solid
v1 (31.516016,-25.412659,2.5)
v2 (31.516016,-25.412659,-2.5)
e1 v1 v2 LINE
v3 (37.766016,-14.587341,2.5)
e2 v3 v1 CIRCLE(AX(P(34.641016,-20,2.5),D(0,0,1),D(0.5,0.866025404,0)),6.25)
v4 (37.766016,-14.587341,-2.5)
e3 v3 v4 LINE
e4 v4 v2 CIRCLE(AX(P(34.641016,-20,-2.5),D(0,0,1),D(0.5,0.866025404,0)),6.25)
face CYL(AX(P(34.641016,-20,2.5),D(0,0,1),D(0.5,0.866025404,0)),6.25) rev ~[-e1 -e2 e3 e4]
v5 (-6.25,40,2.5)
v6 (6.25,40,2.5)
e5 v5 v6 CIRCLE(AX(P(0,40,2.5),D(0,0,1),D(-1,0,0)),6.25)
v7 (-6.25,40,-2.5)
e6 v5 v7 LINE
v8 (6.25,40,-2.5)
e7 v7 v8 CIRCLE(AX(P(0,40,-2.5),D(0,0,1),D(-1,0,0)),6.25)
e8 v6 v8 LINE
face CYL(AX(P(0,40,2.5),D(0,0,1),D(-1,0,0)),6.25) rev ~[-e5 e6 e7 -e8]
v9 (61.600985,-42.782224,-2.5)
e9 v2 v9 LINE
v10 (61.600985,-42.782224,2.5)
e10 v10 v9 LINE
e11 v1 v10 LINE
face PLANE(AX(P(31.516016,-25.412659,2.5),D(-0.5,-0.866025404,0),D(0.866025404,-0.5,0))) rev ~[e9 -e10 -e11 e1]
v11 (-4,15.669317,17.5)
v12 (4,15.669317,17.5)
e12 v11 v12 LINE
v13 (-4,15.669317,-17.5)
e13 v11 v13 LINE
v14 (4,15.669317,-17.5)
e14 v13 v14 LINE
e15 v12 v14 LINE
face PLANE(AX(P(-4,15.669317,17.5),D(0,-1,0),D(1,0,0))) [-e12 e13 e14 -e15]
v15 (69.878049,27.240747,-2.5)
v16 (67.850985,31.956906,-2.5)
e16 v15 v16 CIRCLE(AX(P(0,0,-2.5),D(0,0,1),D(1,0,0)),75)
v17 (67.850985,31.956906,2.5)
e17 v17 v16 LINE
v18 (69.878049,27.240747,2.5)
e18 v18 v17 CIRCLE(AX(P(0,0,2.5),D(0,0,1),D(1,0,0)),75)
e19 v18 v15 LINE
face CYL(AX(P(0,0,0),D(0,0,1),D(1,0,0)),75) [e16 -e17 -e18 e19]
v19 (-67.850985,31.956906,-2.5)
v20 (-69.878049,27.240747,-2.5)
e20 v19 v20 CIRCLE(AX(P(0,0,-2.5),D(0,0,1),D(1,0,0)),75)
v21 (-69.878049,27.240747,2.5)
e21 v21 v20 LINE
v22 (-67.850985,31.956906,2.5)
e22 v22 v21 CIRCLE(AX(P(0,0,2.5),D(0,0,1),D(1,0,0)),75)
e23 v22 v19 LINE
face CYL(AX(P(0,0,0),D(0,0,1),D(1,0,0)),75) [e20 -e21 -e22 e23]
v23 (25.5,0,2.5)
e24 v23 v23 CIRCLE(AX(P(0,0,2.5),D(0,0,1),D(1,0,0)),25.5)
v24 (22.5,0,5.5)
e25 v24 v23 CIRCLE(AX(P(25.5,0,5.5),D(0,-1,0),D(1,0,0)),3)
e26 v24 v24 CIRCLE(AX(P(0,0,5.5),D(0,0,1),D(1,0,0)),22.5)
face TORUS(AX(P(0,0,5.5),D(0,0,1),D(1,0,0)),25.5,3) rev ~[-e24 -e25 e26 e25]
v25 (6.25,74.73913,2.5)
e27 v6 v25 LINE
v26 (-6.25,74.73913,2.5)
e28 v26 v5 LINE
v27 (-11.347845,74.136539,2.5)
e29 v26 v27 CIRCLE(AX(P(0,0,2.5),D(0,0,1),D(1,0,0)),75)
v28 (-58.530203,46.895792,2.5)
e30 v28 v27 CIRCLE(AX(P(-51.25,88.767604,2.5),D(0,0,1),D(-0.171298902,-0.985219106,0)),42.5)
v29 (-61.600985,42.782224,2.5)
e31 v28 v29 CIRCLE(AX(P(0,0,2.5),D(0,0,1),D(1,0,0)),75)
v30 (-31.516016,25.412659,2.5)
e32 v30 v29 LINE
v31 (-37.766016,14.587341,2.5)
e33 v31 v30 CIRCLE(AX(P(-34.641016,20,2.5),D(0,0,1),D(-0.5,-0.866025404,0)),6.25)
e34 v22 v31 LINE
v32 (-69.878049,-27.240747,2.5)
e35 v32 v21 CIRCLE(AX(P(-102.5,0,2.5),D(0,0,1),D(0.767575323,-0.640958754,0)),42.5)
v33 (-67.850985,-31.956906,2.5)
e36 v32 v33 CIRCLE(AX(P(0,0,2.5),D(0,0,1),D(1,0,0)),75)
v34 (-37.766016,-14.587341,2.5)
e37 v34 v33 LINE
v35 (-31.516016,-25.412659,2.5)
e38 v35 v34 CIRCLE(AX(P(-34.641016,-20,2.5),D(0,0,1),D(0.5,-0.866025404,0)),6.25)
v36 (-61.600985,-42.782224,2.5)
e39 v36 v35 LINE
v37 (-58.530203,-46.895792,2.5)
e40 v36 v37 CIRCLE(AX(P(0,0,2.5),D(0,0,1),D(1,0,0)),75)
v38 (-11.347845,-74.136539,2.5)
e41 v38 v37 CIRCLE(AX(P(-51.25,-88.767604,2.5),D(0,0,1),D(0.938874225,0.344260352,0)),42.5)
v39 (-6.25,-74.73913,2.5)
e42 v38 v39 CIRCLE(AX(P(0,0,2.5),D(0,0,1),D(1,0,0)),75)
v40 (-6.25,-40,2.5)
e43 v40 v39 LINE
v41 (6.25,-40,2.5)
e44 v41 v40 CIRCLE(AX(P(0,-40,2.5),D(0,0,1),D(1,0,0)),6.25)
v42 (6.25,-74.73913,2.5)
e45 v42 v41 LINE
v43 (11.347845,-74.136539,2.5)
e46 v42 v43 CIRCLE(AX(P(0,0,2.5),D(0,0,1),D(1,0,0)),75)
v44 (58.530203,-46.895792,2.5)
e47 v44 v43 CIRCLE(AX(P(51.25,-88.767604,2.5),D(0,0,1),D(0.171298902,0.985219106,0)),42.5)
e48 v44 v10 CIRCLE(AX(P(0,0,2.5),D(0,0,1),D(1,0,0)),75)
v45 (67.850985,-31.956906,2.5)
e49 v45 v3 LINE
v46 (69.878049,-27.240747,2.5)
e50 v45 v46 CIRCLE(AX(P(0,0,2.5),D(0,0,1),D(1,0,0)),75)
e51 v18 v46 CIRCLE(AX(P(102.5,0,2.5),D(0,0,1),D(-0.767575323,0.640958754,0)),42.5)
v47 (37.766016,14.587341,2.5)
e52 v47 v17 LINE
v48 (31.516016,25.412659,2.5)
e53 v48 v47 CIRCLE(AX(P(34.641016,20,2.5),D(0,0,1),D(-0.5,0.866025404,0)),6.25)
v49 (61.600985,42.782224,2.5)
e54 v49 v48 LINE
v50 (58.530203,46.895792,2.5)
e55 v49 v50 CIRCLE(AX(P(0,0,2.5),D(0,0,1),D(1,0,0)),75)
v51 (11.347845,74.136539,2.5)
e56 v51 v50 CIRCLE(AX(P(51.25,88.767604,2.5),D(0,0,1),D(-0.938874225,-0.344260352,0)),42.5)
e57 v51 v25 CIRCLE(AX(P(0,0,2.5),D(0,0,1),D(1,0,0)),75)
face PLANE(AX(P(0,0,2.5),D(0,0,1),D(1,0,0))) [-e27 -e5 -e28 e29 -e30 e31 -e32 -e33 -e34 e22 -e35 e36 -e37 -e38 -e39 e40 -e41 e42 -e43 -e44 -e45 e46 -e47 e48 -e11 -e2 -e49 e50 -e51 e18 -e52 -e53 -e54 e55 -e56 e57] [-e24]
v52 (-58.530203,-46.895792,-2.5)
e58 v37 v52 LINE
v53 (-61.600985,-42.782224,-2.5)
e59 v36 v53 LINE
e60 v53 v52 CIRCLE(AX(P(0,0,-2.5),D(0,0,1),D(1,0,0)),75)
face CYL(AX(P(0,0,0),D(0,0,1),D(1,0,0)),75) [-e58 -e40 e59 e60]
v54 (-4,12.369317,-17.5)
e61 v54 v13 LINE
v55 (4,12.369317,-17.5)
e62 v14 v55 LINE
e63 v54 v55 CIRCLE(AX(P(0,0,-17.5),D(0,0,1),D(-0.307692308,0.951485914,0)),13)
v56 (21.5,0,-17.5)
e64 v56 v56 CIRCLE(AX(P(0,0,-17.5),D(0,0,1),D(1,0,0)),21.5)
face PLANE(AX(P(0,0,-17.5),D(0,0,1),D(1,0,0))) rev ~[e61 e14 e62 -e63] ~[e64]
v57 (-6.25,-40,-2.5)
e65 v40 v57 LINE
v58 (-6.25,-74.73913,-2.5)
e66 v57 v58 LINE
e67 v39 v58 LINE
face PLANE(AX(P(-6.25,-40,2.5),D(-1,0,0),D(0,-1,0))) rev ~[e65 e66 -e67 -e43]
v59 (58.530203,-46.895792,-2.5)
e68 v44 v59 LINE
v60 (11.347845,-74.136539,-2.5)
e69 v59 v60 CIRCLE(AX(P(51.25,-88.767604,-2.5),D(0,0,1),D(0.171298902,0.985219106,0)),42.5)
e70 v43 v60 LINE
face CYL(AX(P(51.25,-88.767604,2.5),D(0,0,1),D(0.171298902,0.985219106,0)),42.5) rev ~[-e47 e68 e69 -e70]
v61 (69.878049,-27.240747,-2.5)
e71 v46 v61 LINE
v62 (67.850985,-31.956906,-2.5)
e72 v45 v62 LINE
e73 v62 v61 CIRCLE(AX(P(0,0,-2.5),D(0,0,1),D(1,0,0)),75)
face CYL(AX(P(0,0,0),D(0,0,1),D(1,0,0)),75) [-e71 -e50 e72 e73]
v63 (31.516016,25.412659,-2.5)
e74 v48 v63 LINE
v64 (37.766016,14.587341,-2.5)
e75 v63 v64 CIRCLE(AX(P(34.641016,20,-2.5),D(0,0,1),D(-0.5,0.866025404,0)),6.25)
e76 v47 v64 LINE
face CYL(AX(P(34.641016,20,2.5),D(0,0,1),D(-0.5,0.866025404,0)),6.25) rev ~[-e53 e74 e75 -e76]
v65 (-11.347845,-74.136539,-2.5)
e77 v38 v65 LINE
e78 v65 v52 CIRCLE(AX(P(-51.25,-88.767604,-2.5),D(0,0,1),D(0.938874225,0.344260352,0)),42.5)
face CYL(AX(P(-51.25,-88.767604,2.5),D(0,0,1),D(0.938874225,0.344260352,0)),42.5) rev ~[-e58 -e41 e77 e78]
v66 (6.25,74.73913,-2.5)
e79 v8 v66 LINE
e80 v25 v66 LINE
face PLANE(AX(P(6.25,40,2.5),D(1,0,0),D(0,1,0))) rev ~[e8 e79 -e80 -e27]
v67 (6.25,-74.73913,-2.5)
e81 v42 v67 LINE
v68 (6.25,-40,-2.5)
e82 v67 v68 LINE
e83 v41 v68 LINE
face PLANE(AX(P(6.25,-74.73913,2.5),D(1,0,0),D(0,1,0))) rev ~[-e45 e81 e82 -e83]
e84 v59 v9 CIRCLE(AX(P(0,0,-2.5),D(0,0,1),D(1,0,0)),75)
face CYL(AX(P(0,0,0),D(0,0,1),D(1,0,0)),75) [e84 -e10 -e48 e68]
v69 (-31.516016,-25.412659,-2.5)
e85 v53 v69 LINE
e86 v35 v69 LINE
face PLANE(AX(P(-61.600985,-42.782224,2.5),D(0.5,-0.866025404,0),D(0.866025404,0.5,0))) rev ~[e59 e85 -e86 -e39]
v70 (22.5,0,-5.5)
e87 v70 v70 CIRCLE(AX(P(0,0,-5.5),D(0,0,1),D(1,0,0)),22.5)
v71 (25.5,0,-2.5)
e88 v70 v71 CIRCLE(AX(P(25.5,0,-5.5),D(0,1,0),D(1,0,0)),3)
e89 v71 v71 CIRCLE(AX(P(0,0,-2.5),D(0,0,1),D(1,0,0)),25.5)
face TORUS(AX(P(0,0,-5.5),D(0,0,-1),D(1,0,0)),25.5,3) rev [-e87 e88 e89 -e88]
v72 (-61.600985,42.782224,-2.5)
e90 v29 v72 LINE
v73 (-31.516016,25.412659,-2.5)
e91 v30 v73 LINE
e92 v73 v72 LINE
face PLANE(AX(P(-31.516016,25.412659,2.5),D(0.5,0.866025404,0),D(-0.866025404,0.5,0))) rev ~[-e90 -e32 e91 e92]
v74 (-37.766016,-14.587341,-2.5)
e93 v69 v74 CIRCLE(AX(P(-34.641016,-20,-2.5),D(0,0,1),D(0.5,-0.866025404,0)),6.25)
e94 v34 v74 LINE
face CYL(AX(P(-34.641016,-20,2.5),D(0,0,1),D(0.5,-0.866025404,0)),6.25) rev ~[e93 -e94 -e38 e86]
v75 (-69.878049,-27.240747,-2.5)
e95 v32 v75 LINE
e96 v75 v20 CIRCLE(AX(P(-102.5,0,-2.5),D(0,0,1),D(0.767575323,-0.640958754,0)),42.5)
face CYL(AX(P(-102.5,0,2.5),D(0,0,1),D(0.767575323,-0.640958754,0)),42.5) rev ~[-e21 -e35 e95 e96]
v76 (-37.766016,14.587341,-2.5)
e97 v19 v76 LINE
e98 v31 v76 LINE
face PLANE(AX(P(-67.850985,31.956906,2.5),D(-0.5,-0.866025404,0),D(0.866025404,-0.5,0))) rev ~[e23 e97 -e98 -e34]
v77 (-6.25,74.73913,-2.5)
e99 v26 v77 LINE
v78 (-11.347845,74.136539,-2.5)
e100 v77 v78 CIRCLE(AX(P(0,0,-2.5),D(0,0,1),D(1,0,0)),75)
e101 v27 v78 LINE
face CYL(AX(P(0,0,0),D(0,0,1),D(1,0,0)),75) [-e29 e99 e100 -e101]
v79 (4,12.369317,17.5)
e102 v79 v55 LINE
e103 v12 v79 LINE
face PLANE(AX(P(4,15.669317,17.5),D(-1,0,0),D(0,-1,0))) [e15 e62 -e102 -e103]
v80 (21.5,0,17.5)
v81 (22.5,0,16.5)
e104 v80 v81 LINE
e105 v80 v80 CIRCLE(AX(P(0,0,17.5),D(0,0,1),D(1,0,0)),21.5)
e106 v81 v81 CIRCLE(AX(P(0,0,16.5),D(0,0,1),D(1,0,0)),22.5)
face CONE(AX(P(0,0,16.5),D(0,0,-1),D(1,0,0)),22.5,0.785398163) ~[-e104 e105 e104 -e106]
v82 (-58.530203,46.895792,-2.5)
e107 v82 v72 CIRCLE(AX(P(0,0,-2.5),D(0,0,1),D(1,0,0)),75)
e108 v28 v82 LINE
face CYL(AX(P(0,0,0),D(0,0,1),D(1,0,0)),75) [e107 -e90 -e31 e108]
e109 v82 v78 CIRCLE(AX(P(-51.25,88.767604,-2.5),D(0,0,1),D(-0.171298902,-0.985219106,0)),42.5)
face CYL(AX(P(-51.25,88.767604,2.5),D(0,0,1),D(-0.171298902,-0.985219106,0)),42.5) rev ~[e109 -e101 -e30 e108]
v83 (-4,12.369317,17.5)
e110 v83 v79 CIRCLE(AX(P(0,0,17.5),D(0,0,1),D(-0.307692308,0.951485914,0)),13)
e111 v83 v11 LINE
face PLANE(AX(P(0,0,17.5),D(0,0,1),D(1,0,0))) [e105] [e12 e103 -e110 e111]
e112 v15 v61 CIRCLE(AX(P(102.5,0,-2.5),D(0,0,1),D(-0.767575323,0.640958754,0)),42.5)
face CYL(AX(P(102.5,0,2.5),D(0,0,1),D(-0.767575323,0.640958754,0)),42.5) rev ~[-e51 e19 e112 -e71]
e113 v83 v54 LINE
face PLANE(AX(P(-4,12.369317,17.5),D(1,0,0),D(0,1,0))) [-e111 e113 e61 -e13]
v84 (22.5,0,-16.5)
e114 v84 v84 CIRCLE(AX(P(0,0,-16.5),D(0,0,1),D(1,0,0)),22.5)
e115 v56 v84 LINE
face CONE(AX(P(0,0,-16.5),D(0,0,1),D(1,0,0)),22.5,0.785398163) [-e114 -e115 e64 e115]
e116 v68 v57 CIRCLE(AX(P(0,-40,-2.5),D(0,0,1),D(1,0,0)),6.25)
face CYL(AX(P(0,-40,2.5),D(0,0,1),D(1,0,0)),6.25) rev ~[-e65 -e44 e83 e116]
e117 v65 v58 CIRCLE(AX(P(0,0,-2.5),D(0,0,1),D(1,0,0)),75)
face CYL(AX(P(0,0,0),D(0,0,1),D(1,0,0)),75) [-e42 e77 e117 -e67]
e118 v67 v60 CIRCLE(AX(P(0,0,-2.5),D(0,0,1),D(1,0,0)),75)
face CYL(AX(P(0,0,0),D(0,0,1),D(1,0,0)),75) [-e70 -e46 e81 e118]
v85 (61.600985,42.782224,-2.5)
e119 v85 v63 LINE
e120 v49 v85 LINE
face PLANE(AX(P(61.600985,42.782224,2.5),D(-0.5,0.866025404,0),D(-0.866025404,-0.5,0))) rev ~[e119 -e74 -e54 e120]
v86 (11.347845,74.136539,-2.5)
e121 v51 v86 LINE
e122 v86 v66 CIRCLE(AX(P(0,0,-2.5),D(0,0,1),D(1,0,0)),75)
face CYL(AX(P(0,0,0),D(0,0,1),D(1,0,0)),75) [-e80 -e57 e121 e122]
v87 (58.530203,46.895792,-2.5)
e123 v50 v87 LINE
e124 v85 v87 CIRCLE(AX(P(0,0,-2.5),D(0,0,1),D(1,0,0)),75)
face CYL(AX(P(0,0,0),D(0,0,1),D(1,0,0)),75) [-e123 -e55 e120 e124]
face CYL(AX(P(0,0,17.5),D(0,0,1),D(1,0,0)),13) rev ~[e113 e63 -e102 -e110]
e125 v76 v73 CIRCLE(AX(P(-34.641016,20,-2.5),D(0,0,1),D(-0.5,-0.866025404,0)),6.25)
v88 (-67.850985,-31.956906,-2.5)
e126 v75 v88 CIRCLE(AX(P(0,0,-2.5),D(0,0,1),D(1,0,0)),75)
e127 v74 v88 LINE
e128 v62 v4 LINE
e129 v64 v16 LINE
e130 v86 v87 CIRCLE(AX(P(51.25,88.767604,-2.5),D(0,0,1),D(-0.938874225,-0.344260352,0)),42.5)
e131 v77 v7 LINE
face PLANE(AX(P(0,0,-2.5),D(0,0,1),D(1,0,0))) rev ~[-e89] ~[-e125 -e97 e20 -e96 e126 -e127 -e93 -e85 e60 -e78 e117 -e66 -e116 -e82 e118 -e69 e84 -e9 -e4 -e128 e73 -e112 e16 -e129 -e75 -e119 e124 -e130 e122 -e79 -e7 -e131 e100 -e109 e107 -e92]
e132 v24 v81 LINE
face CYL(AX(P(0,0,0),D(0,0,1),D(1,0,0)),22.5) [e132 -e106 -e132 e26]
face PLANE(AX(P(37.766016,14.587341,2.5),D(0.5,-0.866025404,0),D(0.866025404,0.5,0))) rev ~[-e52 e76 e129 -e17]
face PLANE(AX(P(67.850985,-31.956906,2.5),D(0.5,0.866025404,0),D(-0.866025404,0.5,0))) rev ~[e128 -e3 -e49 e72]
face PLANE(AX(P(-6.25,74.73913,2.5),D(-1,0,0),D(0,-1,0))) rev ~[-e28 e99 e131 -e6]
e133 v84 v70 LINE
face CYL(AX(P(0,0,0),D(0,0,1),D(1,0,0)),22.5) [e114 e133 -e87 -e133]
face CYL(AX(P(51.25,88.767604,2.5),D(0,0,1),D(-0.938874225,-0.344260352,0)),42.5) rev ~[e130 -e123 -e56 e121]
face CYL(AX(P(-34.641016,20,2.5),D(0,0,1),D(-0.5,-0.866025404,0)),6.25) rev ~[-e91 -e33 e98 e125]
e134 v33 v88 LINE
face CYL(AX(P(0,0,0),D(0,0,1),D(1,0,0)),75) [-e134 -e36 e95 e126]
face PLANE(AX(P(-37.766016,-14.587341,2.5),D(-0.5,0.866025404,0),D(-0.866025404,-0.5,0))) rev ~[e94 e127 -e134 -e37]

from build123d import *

# Parameters (mm, degrees)
SKETCH1_R           = 75
BOSS_EXTRUDE1_DEPTH = 2.5
SKETCH2_R           = 22.5
BOSS_EXTRUDE2_DEPTH = 17.5
SKETCH3_R           = 13
CUT_EXTRUDE1_DEPTH  = 35
CUT_EXTRUDE2_DEPTH  = 35
CUT_EXTRUDE3_DEPTH  = 35
CHAMFER1_SIZE       = 1
FILLET1_R           = 3
CHAMFER2_SIZE       = 1


with BuildPart() as part:
    # Sketch1 → Boss-Extrude1 (new, symmetric)
    with BuildSketch(Plane.XY):
        Circle(SKETCH1_R)
    extrude(amount=BOSS_EXTRUDE1_DEPTH, both=True)

    # Sketch2 → Boss-Extrude2 (add, symmetric)
    with BuildSketch(Plane.XY):
        Circle(SKETCH2_R)
    extrude(amount=BOSS_EXTRUDE2_DEPTH, both=True)

    # Sketch3 → Cut-Extrude1 (cut)
    with BuildSketch(Plane.XY.offset(17.5)):
        Circle(SKETCH3_R)
    extrude(amount=-CUT_EXTRUDE1_DEPTH, mode=Mode.SUBTRACT)

    # Sketch4 → Cut-Extrude2 (cut)
    with BuildSketch(Plane.XY.offset(2.5)):
        with BuildLine():
            ThreePointArc((58.530203334, 46.895791897), (37.5, 64.951905284), (11.347845446, 74.136538925))
            ThreePointArc((11.347845446, 74.136538925), (30, 51.961524227), (58.530203334, 46.895791897))
        make_face()
        with BuildLine():
            ThreePointArc((67.850984929, 31.956906049), (64.951905284, 37.5), (61.600984929, 42.782223596))
            Line((61.600984929, 42.782223596), (31.516016151, 25.412658774))
            ThreePointArc((31.516016151, 25.412658774), (29.228357378, 16.875), (37.766016151, 14.587341226))
            Line((37.766016151, 14.587341226), (67.850984929, 31.956906049))
        make_face()
        with BuildLine():
            ThreePointArc((75, 0), (73.708390494, 13.85904653), (69.87804878, 27.240747028))
            ThreePointArc((69.87804878, 27.240747028), (60, 0), (69.87804878, -27.240747028))
            ThreePointArc((69.87804878, -27.240747028), (73.708390494, -13.85904653), (75, 0))
        make_face()
        with BuildLine():
            ThreePointArc((61.600984929, -42.782223596), (64.951905284, -37.5), (67.850984929, -31.956906049))
            Line((67.850984929, -31.956906049), (37.766016151, -14.587341226))
            ThreePointArc((37.766016151, -14.587341226), (29.228357378, -16.875), (31.516016151, -25.412658774))
            Line((31.516016151, -25.412658774), (61.600984929, -42.782223596))
        make_face()
        with BuildLine():
            ThreePointArc((11.347845446, -74.136538925), (37.5, -64.951905284), (58.530203334, -46.895791897))
            ThreePointArc((58.530203334, -46.895791897), (30, -51.961524227), (11.347845446, -74.136538925))
        make_face()
        with BuildLine():
            Line((-6.25, -40), (-6.25, -74.739129644))
            ThreePointArc((-6.25, -74.739129644), (0, -75), (6.25, -74.739129644))
            Line((6.25, -74.739129644), (6.25, -40))
            ThreePointArc((6.25, -40), (0, -33.75), (-6.25, -40))
        make_face()
        with BuildLine():
            ThreePointArc((-11.347845446, -74.136538925), (-30, -51.961524227), (-58.530203334, -46.895791897))
            ThreePointArc((-58.530203334, -46.895791897), (-37.5, -64.951905284), (-11.347845446, -74.136538925))
        make_face()
        with BuildLine():
            Line((-37.766016151, -14.587341226), (-67.850984929, -31.956906049))
            ThreePointArc((-67.850984929, -31.956906049), (-64.951905284, -37.5), (-61.600984929, -42.782223596))
            Line((-61.600984929, -42.782223596), (-31.516016151, -25.412658774))
            ThreePointArc((-31.516016151, -25.412658774), (-29.228357378, -16.875), (-37.766016151, -14.587341226))
        make_face()
        with BuildLine():
            ThreePointArc((-69.87804878, -27.240747028), (-60, 0), (-69.87804878, 27.240747028))
            ThreePointArc((-69.87804878, 27.240747028), (-75, 0), (-69.87804878, -27.240747028))
        make_face()
        with BuildLine():
            Line((-31.516016151, 25.412658774), (-61.600984929, 42.782223596))
            ThreePointArc((-61.600984929, 42.782223596), (-64.951905284, 37.5), (-67.850984929, 31.956906049))
            Line((-67.850984929, 31.956906049), (-37.766016151, 14.587341226))
            ThreePointArc((-37.766016151, 14.587341226), (-29.228357378, 16.875), (-31.516016151, 25.412658774))
        make_face()
        with BuildLine():
            ThreePointArc((-58.530203334, 46.895791897), (-30, 51.961524227), (-11.347845446, 74.136538925))
            ThreePointArc((-11.347845446, 74.136538925), (-37.5, 64.951905284), (-58.530203334, 46.895791897))
        make_face()
        with BuildLine():
            Line((-6.25, 74.739129644), (-6.25, 40))
            ThreePointArc((-6.25, 40), (0, 33.75), (6.25, 40))
            Line((6.25, 40), (6.25, 74.739129644))
            ThreePointArc((6.25, 74.739129644), (0, 75), (-6.25, 74.739129644))
        make_face()
    extrude(amount=-CUT_EXTRUDE2_DEPTH, mode=Mode.SUBTRACT)

    # Sketch5 → Cut-Extrude3 (cut)
    with BuildSketch(Plane.XY.offset(17.5)):
        with BuildLine():
            Line((-4, 12.369316877), (-4, 15.669316877))
            Line((-4, 15.669316877), (4, 15.669316877))
            Line((4, 15.669316877), (4, 12.369316877))
            ThreePointArc((4, 12.369316877), (0, 13), (-4, 12.369316877))
        make_face()
    extrude(amount=-CUT_EXTRUDE3_DEPTH, mode=Mode.SUBTRACT)

    # Chamfer1
    chamfer1_edges = [part.edges().sort_by_distance(p)[0] for p in [
        (-22.5, 0, 17.5),
    ]]
    chamfer(chamfer1_edges, length=CHAMFER1_SIZE)

    # Fillet1
    fillet1_edges = [part.edges().sort_by_distance(p)[0] for p in [
        (-22.5, 0, -2.5),
        (-22.5, 0, 2.5),
    ]]
    fillet(fillet1_edges, radius=FILLET1_R)

    # Chamfer2
    chamfer2_edges = [part.edges().sort_by_distance(p)[0] for p in [
        (-22.5, 0, -17.5),
    ]]
    chamfer(chamfer2_edges, length=CHAMFER2_SIZE)


solid = part.part
